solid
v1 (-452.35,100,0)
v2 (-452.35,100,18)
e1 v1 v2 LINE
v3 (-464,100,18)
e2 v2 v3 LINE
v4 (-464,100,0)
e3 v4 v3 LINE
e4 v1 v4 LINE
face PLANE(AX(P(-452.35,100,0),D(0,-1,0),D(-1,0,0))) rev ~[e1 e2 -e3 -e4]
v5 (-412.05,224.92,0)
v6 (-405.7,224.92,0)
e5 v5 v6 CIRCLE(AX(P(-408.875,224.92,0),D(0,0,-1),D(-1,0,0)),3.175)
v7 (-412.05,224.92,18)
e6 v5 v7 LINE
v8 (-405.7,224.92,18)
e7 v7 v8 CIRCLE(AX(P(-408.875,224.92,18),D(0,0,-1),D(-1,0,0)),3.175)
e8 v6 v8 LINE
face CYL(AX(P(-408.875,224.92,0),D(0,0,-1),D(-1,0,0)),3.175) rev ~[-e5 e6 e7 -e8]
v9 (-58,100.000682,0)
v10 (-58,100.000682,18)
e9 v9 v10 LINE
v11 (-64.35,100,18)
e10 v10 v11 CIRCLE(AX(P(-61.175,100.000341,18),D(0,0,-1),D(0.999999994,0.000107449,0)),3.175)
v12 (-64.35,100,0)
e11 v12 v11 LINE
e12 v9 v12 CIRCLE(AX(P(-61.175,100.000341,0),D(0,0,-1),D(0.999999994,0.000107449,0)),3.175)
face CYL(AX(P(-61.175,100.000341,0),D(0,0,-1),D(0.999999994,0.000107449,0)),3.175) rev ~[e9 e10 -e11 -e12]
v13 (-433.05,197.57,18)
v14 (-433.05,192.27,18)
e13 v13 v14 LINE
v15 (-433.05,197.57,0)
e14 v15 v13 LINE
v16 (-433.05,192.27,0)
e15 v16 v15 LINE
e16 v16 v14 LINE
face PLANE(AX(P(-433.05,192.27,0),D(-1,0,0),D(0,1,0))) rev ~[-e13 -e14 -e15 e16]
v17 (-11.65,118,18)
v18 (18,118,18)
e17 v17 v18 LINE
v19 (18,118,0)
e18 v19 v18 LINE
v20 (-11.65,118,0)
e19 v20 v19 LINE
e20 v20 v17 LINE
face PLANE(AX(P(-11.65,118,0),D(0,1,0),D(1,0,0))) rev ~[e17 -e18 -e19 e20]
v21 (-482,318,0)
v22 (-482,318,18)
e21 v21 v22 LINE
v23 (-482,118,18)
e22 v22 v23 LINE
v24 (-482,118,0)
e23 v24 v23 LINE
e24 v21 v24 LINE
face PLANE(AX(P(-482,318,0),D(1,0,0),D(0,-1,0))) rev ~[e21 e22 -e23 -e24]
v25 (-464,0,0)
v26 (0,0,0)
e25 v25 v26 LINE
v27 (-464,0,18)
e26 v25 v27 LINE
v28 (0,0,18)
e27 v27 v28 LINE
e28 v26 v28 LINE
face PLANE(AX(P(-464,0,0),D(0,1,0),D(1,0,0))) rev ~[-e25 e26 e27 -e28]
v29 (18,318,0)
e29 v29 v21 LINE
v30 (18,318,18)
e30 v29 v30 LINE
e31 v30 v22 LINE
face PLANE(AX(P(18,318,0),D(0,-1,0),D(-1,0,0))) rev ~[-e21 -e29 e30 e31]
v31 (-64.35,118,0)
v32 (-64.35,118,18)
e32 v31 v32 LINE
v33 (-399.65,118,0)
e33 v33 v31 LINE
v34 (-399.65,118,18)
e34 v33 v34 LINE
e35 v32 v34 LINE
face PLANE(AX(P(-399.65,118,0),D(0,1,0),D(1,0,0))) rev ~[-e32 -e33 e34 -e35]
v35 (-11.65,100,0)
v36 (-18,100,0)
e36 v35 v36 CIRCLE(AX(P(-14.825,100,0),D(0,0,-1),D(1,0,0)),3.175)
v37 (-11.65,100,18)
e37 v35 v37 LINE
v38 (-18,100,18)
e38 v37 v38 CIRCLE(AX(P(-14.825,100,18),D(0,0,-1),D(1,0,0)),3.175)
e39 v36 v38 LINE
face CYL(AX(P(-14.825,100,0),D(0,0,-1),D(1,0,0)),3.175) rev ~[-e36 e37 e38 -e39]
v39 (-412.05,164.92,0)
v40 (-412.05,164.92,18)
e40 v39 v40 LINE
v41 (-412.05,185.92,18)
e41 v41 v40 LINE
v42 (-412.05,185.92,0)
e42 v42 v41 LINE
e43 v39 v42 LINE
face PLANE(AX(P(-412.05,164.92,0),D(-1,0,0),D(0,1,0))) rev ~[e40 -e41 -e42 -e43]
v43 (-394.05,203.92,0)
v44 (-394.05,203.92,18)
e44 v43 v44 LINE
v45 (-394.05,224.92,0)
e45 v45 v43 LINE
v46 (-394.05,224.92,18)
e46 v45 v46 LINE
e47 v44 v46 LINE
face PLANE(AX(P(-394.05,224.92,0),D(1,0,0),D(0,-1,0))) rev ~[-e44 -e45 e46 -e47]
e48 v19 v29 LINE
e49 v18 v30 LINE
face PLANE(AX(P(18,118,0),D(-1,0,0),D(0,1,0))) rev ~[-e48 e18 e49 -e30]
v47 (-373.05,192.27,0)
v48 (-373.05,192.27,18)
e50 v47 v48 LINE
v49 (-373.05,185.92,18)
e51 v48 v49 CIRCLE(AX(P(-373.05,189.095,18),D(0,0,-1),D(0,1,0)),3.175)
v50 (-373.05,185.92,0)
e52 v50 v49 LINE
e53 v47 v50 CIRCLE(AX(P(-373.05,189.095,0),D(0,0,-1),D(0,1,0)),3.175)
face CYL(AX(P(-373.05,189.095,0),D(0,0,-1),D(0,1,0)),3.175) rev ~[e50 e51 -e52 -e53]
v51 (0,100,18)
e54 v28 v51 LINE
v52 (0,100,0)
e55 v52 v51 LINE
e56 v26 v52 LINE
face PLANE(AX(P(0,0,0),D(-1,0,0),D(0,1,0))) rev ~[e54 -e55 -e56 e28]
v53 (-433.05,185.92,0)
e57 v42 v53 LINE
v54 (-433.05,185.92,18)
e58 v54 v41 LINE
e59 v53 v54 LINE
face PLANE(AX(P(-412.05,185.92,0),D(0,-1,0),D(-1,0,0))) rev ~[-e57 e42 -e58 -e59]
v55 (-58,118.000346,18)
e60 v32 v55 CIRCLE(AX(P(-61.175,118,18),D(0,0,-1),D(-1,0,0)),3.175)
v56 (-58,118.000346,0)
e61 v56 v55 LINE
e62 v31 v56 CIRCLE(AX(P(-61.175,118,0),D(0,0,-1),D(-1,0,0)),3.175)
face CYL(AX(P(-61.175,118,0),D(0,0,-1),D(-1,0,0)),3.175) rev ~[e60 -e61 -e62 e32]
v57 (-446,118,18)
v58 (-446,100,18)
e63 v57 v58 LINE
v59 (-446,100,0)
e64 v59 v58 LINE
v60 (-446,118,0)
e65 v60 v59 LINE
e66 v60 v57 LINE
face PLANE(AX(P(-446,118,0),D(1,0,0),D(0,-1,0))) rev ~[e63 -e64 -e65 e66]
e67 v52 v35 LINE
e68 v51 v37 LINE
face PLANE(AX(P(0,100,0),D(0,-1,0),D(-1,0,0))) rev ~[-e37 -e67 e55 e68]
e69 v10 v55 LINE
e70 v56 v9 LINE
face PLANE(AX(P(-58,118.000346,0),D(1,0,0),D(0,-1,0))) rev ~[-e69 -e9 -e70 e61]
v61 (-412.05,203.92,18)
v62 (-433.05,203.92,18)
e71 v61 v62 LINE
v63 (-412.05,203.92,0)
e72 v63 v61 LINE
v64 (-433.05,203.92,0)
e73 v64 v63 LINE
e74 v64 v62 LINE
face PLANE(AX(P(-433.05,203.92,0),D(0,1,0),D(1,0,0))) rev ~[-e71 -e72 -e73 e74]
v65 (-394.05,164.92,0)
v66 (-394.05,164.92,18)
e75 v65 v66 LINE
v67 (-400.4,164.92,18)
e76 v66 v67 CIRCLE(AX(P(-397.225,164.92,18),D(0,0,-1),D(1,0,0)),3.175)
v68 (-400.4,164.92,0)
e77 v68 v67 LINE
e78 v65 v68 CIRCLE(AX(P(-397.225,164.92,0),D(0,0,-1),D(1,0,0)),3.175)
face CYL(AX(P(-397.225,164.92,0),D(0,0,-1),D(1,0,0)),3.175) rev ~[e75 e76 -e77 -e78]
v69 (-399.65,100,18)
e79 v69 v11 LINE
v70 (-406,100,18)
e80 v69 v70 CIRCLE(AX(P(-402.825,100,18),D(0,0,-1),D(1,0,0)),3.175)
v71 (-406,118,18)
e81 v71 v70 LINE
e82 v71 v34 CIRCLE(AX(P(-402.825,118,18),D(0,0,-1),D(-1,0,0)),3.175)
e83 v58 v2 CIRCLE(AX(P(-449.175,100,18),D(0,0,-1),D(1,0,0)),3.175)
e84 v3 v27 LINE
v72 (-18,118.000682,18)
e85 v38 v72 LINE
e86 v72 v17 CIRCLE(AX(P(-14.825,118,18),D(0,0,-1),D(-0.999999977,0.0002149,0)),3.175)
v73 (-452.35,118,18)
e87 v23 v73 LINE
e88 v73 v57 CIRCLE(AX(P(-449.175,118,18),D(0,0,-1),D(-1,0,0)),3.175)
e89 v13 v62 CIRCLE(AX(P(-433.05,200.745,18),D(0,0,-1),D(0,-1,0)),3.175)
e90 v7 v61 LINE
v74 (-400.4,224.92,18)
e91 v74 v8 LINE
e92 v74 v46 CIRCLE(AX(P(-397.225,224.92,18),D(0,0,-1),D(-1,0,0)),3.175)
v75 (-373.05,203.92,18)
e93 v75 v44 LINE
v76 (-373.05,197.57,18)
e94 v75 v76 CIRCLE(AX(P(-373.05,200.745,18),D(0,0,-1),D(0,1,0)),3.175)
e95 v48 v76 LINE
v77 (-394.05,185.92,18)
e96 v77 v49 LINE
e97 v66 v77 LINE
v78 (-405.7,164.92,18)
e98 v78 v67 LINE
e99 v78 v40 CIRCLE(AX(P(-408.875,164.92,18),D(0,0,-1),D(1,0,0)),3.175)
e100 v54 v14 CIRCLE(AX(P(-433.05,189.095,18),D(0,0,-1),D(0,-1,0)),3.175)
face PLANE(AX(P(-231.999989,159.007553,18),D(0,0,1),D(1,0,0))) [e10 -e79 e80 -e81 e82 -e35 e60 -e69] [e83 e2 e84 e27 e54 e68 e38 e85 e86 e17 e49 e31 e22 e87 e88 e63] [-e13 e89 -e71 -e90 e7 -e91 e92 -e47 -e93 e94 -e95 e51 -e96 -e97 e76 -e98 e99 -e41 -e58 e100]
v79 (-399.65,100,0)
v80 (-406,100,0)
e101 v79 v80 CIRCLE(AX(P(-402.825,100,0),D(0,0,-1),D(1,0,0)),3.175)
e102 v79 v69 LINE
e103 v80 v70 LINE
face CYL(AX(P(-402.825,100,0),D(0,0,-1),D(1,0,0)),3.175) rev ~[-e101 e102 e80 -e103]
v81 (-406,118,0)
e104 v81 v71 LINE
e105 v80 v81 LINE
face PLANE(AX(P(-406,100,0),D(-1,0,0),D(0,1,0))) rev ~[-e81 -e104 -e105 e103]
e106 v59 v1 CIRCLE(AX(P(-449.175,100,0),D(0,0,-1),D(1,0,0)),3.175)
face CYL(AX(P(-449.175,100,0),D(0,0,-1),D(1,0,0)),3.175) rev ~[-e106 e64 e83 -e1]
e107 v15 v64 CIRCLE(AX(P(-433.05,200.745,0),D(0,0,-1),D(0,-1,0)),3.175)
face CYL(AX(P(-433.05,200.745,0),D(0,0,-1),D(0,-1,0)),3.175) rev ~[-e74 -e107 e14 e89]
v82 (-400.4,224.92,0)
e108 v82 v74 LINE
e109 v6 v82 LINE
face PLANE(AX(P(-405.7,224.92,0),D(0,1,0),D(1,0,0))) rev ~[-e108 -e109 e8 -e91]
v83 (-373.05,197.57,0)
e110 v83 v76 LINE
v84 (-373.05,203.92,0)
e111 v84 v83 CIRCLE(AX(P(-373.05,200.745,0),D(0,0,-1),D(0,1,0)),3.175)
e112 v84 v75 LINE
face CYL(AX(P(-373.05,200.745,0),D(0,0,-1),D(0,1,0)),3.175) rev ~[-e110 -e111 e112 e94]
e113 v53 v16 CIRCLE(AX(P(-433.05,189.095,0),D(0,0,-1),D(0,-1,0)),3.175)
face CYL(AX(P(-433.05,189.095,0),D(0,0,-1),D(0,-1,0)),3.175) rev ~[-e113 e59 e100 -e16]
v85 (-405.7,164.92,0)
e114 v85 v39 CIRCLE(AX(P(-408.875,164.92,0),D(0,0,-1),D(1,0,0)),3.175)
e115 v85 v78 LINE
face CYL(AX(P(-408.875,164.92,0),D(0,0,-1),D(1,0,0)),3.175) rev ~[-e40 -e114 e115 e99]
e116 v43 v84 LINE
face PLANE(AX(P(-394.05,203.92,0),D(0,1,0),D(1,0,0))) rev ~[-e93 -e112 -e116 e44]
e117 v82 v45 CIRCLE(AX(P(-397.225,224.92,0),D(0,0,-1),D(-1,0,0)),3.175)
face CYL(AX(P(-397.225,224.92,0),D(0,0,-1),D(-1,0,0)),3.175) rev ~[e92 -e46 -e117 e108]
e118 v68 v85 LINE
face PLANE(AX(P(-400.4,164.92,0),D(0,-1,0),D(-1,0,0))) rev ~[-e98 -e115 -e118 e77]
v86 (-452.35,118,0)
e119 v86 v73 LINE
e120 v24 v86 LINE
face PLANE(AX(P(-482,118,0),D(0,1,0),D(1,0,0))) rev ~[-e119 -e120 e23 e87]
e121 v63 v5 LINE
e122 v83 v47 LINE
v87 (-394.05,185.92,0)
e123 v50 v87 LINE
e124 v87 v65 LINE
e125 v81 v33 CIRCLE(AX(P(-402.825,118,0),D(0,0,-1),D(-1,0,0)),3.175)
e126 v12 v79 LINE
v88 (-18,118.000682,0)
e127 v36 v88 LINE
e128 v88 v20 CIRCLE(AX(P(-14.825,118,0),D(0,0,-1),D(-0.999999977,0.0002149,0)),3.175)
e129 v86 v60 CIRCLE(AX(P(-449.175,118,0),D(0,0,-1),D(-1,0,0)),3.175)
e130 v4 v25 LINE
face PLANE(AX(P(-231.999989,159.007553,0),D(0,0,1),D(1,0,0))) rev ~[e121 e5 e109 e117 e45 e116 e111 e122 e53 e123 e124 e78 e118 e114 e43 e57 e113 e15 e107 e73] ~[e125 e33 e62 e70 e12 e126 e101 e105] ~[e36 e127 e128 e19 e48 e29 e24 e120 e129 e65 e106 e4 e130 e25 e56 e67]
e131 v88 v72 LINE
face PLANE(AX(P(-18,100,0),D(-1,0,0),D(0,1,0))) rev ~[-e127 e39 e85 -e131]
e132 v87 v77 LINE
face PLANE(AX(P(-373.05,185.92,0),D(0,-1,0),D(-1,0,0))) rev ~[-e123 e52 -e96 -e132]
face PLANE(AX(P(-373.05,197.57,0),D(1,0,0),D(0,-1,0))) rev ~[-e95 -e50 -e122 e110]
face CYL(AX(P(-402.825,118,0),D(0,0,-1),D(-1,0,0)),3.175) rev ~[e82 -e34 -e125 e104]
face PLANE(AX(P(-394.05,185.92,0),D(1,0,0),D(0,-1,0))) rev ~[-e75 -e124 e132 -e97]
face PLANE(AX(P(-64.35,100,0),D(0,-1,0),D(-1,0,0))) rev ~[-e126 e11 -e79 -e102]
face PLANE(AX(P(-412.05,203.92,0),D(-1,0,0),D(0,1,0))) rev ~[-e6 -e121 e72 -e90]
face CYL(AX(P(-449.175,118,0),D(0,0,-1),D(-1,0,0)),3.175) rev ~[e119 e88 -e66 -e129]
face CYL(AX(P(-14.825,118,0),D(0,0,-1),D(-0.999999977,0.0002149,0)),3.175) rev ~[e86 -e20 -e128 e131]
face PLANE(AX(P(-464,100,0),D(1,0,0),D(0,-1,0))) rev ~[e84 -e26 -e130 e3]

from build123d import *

# Parameters (mm, degrees)
ESTRUSIONE_ESTRUSIONE1_DEPTH = 18
TAGLIO_ESTRUSIONE3_DEPTH     = 61
TAGLIO_ESTRUSIONE5_DEPTH     = 100


with BuildPart() as part:
    # Schizzo1 → Estrusione-Estrusione1 (new body)
    with BuildSketch(Plane.XY):
        with BuildLine():
            Line((-452.35, 100), (-464, 100))
            Line((-464, 100), (-464, 0))
            Line((-464, 0), (0, 0))
            Line((0, 0), (0, 100))
            Line((0, 100), (-11.650000002, 100))
            ThreePointArc((-11.650000002, 100), (-14.825000002, 96.825), (-18.000000001, 100))
            Line((-18.000000001, 100), (-18.000000001, 118.000682307))
            ThreePointArc((-18.000000001, 118.000682307), (-14.824658921, 121.174999982), (-11.650000075, 118))
            Line((-11.650000075, 118), (18, 118))
            Line((18, 118), (18, 318))
            Line((18, 318), (-482, 318))
            Line((-482, 318), (-482, 118))
            Line((-482, 118), (-452.35, 118))
            ThreePointArc((-452.35, 118), (-449.175, 121.175), (-446, 118))
            Line((-446, 118), (-446, 100))
            ThreePointArc((-446, 100), (-449.175, 96.825), (-452.35, 100))
        make_face()
    extrude(amount=ESTRUSIONE_ESTRUSIONE1_DEPTH)

    # Schizzo1<6> → Taglio-Estrusione3 (cut)
    with BuildSketch(Plane.XY):
        with BuildLine():
            Line((-399.65, 118), (-64.349999981, 118))
            ThreePointArc((-64.349999981, 118), (-61.175172814, 121.174999995), (-58, 118.000345666))
            Line((-58, 118.000345666), (-58, 100.000682304))
            ThreePointArc((-58, 100.000682304), (-61.174658811, 96.825341189), (-64.349999927, 100))
            Line((-64.349999927, 100), (-399.65, 100))
            ThreePointArc((-399.65, 100), (-402.825, 96.825), (-406, 100))
            Line((-406, 100), (-406, 118))
            ThreePointArc((-406, 118), (-402.825, 121.175), (-399.65, 118))
        make_face()
    extrude(amount=TAGLIO_ESTRUSIONE3_DEPTH, mode=Mode.SUBTRACT)

    # Schizzo1<8> → Taglio-Estrusione5 (cut)
    with BuildSketch(Plane.XY):
        with BuildLine():
            Line((-412.05, 185.92), (-433.05, 185.92))
            ThreePointArc((-433.05, 185.92), (-436.225, 189.095), (-433.05, 192.27))
            Line((-433.05, 192.27), (-433.05, 197.57))
            ThreePointArc((-433.05, 197.57), (-436.225, 200.745), (-433.05, 203.92))
            Line((-433.05, 203.92), (-412.05, 203.92))
            Line((-412.05, 203.92), (-412.05, 224.92))
            ThreePointArc((-412.05, 224.92), (-408.875, 228.095), (-405.7, 224.92))
            Line((-405.7, 224.92), (-400.4, 224.92))
            ThreePointArc((-400.4, 224.92), (-397.225, 228.095), (-394.05, 224.92))
            Line((-394.05, 224.92), (-394.05, 203.92))
            Line((-394.05, 203.92), (-373.05, 203.92))
            ThreePointArc((-373.05, 203.92), (-369.875, 200.745), (-373.05, 197.57))
            Line((-373.05, 197.57), (-373.05, 192.27))
            ThreePointArc((-373.05, 192.27), (-369.875, 189.095), (-373.05, 185.92))
            Line((-373.05, 185.92), (-394.05, 185.92))
            Line((-394.05, 185.92), (-394.05, 164.92))
            ThreePointArc((-394.05, 164.92), (-397.225, 161.745), (-400.4, 164.92))
            Line((-400.4, 164.92), (-405.7, 164.92))
            ThreePointArc((-405.7, 164.92), (-408.875, 161.745), (-412.05, 164.92))
            Line((-412.05, 164.92), (-412.05, 185.92))
        make_face()
    extrude(amount=TAGLIO_ESTRUSIONE5_DEPTH, mode=Mode.SUBTRACT)


solid = part.part
